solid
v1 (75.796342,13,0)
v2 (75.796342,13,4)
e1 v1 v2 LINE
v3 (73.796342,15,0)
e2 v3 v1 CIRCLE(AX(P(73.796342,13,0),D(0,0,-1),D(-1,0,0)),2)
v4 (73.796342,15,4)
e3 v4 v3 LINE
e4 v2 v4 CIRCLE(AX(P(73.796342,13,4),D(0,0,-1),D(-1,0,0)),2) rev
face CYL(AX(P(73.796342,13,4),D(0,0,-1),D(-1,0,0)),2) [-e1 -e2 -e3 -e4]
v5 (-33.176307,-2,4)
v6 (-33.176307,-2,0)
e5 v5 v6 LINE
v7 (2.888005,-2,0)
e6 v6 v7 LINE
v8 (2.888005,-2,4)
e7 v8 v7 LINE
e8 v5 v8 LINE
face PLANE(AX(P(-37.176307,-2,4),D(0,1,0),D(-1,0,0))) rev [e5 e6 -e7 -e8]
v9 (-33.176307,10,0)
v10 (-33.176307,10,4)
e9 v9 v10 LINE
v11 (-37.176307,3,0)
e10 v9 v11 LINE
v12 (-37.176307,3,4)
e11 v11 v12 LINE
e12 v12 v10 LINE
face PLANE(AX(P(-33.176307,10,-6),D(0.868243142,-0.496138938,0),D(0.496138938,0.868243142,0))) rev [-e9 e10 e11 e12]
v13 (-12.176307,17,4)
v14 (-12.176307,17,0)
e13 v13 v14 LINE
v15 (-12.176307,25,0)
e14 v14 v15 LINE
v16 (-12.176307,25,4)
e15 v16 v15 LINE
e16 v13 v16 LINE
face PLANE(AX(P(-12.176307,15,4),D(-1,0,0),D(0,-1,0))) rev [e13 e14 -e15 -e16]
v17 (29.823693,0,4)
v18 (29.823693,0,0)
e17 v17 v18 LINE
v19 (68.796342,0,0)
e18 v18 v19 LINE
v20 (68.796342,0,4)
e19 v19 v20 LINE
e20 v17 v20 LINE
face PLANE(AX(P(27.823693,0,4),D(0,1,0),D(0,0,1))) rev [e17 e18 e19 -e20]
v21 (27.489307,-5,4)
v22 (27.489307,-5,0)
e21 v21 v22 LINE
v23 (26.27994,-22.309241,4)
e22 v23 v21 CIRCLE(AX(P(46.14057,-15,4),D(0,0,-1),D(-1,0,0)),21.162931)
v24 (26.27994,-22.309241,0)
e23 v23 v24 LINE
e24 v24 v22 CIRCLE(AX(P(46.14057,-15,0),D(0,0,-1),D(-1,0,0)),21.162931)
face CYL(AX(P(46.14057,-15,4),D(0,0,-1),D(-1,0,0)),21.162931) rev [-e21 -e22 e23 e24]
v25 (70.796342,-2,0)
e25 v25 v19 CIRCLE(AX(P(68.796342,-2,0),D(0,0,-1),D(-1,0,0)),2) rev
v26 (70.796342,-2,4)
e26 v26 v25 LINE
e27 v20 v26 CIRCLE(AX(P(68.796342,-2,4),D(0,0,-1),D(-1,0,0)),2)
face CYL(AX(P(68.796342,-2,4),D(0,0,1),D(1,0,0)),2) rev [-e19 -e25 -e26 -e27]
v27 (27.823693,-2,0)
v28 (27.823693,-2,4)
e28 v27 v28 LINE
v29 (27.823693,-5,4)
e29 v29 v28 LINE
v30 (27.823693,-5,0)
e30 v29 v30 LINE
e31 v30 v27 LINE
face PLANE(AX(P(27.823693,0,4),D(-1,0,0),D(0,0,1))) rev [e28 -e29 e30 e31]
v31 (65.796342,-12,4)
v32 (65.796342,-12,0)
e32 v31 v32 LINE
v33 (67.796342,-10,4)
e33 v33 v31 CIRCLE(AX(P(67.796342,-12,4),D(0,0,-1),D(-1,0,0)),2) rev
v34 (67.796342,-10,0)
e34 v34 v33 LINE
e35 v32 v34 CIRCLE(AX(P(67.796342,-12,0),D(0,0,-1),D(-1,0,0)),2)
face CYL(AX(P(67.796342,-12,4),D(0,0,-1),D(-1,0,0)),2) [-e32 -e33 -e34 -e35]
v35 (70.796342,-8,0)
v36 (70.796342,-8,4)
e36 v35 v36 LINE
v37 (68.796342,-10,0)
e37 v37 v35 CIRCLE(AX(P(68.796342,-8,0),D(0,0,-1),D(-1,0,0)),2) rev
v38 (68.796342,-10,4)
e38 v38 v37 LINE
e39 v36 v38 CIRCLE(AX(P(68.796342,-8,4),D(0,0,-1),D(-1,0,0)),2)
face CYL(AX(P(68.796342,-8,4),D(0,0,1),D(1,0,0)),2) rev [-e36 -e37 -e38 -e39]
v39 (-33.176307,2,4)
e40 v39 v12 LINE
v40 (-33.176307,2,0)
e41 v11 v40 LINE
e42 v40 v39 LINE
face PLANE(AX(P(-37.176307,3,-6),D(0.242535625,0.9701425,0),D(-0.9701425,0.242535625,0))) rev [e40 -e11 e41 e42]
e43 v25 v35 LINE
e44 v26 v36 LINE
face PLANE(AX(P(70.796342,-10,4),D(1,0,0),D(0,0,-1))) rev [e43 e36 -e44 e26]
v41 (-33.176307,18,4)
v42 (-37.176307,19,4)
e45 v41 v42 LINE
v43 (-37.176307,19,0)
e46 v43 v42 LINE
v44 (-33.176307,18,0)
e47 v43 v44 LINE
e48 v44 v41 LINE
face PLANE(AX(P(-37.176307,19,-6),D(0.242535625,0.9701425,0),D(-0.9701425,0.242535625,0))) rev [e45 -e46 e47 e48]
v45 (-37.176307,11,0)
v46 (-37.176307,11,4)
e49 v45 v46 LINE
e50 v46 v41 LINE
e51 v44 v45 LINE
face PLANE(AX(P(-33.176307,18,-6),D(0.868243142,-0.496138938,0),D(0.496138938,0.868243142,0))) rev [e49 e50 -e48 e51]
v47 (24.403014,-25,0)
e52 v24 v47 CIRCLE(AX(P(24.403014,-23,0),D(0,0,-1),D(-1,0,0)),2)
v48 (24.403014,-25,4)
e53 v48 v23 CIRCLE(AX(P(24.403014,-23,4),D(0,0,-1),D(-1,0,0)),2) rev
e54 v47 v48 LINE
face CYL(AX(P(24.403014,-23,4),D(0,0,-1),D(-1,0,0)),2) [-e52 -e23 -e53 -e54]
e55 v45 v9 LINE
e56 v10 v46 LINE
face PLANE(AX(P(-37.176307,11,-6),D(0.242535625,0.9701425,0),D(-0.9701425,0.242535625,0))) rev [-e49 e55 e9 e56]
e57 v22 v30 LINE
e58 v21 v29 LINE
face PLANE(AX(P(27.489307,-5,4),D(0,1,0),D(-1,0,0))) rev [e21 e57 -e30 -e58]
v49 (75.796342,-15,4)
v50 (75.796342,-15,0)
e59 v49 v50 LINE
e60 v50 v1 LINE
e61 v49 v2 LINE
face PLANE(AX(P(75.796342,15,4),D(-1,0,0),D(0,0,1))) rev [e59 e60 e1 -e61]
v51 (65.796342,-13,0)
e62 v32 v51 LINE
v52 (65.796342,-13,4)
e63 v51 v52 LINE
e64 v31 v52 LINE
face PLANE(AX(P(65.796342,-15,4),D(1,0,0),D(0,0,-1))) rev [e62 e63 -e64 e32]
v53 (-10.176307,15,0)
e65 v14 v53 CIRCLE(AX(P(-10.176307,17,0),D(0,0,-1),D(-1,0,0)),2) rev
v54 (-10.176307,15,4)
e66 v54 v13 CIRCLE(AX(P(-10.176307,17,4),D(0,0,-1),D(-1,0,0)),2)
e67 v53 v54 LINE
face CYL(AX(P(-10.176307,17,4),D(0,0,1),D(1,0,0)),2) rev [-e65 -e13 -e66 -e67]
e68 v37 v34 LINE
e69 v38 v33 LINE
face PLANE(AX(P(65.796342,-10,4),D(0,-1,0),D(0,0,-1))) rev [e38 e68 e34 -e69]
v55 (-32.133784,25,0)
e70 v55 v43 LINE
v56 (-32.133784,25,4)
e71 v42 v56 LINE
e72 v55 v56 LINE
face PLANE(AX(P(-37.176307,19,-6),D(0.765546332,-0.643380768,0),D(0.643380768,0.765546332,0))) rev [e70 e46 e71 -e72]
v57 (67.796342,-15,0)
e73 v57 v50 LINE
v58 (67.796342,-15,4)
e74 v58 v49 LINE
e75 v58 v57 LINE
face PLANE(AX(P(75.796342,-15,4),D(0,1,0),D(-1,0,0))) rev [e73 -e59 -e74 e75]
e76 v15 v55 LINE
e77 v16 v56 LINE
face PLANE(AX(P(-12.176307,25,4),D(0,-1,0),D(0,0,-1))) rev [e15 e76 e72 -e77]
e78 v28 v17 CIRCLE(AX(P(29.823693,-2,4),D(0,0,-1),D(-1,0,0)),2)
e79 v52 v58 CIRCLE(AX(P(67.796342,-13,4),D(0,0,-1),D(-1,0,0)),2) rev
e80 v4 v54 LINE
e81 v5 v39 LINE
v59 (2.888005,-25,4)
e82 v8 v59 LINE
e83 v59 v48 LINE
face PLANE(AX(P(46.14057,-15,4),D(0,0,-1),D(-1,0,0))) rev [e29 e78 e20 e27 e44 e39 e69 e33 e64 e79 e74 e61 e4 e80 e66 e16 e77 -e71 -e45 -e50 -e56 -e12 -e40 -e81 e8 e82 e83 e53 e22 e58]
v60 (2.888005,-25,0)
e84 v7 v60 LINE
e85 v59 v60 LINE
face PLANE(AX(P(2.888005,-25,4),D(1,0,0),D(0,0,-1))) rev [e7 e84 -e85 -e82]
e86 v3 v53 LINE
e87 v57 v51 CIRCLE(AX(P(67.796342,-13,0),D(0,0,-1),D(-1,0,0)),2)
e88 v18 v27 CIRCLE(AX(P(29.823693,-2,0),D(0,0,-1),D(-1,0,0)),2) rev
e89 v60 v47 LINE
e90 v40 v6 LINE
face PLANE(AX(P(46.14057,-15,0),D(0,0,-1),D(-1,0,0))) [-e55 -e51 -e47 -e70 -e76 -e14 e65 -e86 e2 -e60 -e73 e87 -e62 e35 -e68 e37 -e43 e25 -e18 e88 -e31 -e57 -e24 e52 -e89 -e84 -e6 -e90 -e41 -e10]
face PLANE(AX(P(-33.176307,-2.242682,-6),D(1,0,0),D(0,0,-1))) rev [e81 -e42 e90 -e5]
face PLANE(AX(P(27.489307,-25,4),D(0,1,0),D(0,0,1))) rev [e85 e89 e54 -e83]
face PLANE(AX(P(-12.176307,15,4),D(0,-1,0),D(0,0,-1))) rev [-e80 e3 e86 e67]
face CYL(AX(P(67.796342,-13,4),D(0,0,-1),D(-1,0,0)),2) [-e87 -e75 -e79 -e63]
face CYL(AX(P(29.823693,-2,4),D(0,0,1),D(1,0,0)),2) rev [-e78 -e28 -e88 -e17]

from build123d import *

# Parameters (mm, degrees)
BOSS_EXTRUDE1_DEPTH = 4
CUT_EXTRUDE1_DEPTH  = 10
FILLET1_R           = 2
FILLET2_R           = 2


with BuildPart() as part:
    # Sketch1 → Boss-Extrude1 (new body)
    with BuildSketch(Plane.XY):
        with BuildLine():
            Line((75.796342278, 15), (75.796342278, -15))
            Line((75.796342278, -15), (65.796342278, -15))
            Line((65.796342278, -15), (65.796342278, -10))
            Line((65.796342278, -10), (70.796342278, -10))
            Line((70.796342278, -10), (70.796342278, 0))
            Line((70.796342278, 0), (27.823693309, 0))
            Line((27.823693309, 0), (27.823693309, -5))
            Line((27.823693309, -5), (27.489306606, -5))
            ThreePointArc((27.489306606, -5), (24.977639534, -15), (27.489306606, -25))
            Line((27.489306606, -25), (2.888005027, -25))
            Line((2.888005027, -25), (2.888005027, -2))
            Line((2.888005027, -2), (-37.176306691, -2))
            Line((-37.176306691, -2), (-37.176306691, 25))
            Line((-37.176306691, 25), (-12.176306691, 25))
            Line((-12.176306691, 25), (-12.176306691, 15))
            Line((-12.176306691, 15), (75.796342278, 15))
        make_face()
    extrude(amount=BOSS_EXTRUDE1_DEPTH)

    # Sketch2 → Cut-Extrude1 (cut)
    with BuildSketch(Plane.XY.offset(4)):
        Polygon((-37.176306691, 19), (-32.133784184, 25), (-32.133784184, 30.908724767), (-39.468083963, 30.908724767), (-39.468083963, -2.242682287), (-33.176306691, -2.242682287), (-33.176306691, 2), (-37.176306691, 3), (-33.176306691, 10), (-37.176306691, 11), (-33.176306691, 18), align=None)
    extrude(amount=-CUT_EXTRUDE1_DEPTH, mode=Mode.SUBTRACT)

    # Fillet1
    fillet1_edges = [part.edges().sort_by_distance(p)[0] for p in [
        (65.796342278, -15, 2),
        (65.796342278, -10, 2),
        (70.796342278, -10, 2),
        (27.489306606, -25, 2),
    ]]
    fillet(fillet1_edges, radius=FILLET1_R)

    # Fillet2
    fillet2_edges = [part.edges().sort_by_distance(p)[0] for p in [
        (75.796342278, 15, 2),
        (70.796342278, 0, 2),
        (27.823693309, 0, 2),
        (-12.176306691, 15, 2),
    ]]
    fillet(fillet2_edges, radius=FILLET2_R)


solid = part.part
